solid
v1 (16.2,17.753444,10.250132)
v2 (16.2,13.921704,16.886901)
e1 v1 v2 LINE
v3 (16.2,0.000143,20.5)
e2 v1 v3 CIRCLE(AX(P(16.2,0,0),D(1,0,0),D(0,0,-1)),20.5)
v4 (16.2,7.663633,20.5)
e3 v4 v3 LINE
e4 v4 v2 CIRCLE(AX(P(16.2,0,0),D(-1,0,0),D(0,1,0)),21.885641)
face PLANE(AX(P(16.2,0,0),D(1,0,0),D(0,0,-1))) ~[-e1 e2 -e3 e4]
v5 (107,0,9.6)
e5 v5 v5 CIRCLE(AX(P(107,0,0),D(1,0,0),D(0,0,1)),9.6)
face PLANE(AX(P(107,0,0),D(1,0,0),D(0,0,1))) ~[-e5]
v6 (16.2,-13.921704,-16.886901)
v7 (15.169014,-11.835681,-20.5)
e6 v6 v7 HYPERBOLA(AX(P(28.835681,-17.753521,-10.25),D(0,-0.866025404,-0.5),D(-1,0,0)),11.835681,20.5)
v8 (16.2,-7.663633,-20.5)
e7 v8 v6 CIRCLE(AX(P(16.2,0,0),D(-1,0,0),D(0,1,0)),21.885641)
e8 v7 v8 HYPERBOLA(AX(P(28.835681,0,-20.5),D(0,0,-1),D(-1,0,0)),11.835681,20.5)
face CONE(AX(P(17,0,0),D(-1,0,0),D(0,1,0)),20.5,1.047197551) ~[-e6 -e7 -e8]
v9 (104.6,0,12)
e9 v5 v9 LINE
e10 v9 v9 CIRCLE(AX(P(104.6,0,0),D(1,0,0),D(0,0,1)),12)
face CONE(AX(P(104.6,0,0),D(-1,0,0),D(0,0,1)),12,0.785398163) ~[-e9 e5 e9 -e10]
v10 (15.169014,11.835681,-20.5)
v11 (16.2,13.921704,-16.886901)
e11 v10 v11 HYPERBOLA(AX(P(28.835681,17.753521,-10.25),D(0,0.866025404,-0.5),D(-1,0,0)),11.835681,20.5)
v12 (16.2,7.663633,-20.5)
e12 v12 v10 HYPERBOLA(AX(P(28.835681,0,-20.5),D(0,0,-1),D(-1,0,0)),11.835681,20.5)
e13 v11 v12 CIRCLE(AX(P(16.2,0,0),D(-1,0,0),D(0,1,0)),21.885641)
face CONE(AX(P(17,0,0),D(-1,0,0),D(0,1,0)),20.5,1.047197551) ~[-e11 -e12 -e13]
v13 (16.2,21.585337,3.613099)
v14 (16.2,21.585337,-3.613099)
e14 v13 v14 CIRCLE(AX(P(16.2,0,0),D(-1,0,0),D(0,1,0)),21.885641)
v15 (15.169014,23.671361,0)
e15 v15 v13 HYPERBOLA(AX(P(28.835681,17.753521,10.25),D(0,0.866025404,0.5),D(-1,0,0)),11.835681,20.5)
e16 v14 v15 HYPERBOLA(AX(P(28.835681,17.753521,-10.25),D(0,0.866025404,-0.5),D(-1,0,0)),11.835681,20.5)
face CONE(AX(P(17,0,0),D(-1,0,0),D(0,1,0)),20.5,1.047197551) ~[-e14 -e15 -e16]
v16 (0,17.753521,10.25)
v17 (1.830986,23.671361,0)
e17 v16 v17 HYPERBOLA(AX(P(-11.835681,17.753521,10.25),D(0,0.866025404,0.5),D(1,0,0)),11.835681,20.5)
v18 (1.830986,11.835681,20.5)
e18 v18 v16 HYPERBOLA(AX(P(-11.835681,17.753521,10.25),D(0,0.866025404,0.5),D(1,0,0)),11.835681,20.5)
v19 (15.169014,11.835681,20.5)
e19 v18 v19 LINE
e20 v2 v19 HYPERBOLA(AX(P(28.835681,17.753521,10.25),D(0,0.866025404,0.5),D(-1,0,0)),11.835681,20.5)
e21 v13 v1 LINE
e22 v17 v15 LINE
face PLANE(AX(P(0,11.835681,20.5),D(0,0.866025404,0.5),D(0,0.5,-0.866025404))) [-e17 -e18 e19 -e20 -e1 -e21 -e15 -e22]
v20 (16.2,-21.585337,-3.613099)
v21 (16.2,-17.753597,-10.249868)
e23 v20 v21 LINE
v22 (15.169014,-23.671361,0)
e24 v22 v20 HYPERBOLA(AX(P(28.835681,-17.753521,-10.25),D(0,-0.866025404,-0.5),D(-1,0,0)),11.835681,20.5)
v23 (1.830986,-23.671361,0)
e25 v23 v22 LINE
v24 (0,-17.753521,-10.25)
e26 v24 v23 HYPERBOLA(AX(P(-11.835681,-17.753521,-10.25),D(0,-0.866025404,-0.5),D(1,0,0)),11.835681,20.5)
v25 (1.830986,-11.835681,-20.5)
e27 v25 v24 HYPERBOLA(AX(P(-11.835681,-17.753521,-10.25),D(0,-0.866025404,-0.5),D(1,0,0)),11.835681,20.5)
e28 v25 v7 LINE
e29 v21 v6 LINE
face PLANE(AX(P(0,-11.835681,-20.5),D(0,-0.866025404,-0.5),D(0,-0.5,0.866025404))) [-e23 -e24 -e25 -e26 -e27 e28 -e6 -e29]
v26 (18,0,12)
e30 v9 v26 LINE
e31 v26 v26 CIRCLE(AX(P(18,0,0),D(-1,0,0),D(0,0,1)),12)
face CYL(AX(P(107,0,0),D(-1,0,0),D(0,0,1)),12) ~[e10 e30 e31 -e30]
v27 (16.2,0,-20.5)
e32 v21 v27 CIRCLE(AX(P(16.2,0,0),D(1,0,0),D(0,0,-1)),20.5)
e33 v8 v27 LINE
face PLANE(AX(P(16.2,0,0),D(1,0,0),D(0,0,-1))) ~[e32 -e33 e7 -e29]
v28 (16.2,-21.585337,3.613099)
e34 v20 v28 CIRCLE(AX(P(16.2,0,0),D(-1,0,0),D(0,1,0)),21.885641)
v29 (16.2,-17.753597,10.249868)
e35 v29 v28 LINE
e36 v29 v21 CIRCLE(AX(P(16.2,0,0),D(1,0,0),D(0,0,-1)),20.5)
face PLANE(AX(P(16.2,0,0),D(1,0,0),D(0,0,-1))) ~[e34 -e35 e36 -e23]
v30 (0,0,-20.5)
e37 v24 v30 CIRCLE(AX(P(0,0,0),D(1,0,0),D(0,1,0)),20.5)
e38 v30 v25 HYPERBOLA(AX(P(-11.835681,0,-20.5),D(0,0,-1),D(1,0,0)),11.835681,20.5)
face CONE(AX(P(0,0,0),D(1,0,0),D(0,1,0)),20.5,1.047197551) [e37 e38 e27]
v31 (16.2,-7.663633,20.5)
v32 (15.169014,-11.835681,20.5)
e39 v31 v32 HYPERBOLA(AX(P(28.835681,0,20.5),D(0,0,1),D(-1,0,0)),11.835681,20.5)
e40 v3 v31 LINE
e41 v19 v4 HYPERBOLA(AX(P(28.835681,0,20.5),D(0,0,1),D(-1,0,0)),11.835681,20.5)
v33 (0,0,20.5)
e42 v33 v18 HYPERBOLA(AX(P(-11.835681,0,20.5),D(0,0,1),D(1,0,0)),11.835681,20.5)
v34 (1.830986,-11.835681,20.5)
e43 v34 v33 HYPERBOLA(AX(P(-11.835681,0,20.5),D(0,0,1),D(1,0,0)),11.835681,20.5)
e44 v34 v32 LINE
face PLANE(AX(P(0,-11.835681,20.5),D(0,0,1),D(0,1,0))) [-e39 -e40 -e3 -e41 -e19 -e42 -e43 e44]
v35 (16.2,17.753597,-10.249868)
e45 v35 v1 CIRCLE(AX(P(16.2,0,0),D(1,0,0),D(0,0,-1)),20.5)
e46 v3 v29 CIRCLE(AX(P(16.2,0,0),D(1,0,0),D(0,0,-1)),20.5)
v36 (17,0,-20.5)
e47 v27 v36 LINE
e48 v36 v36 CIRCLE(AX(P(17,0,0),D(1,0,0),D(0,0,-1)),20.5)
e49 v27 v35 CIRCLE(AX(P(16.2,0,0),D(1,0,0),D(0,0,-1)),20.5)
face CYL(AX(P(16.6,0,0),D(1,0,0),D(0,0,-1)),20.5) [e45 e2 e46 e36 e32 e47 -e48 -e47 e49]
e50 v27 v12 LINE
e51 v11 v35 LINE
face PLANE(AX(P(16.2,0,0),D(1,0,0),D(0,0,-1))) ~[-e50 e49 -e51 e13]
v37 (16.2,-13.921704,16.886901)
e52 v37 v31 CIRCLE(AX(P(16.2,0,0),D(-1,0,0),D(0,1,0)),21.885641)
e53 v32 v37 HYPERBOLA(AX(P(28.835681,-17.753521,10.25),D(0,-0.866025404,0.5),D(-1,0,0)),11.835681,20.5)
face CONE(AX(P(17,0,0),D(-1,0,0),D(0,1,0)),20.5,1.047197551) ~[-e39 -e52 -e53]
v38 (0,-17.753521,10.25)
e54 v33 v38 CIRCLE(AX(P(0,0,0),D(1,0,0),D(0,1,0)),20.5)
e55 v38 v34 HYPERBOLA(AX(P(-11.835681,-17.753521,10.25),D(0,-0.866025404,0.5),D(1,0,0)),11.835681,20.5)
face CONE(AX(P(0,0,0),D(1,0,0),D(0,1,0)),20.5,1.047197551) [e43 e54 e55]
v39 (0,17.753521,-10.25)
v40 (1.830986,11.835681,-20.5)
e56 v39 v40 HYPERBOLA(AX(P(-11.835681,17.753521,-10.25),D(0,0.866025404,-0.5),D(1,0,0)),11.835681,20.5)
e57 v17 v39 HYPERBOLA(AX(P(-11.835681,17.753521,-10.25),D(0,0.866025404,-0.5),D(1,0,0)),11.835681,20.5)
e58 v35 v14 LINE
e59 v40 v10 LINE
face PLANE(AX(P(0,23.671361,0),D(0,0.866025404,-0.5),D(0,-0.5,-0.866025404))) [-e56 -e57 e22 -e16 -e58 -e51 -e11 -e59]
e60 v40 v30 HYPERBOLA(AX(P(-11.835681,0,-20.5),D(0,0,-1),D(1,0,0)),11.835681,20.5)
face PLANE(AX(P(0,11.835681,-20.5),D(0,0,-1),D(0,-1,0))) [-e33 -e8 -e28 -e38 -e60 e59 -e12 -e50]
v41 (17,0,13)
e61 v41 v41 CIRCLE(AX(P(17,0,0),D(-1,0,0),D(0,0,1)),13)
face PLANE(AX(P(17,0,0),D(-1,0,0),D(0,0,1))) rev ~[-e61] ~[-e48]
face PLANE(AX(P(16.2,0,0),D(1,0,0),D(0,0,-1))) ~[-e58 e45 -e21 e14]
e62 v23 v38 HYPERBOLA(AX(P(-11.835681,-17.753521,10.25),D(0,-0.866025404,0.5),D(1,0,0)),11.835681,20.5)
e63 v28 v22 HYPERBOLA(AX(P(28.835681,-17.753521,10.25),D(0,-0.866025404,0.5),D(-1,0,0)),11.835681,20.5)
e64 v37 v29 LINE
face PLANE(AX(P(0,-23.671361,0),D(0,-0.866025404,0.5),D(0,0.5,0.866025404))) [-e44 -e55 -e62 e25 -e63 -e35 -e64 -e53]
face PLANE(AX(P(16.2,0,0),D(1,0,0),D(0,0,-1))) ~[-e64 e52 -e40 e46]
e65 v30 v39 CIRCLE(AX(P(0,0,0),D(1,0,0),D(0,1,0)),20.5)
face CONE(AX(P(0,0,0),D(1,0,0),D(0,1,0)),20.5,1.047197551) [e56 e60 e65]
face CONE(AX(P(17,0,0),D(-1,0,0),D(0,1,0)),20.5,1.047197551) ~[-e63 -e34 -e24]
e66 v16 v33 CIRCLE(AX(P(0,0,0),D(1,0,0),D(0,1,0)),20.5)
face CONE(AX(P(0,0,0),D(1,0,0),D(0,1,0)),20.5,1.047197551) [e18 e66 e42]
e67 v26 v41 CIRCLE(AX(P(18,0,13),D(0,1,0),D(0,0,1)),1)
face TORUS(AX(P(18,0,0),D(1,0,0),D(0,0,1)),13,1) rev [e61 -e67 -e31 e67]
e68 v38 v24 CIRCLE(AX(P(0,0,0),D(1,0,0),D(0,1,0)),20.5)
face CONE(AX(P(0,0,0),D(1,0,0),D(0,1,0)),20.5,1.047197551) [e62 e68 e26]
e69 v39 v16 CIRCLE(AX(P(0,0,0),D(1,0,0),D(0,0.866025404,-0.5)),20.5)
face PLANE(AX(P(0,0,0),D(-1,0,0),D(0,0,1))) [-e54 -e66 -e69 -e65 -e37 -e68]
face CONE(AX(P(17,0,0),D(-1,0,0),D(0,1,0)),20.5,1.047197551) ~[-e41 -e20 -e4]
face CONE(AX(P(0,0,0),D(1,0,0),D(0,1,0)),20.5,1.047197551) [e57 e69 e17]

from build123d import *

# Parameters (mm, degrees)
EXTRUDE_360_DEPTH = 17
SKETCH_4_W        = 0.8
SKETCH_4_H        = 13.171361037
CHAMFER_1926_SIZE = 2.4
FILLET_1982_R     = 1


with BuildPart() as part:
    # 草图1 → Extrude 360 (new body)
    with BuildSketch(Plane(origin=(0, 0, 0), x_dir=(0, 0, -1), z_dir=(1, 0, 0))):
        Polygon((20.5, 11.835680518), (20.5, -11.835680518), (0, -23.671361037), (-20.5, -11.835680518), (-20.5, 11.835680518), (0, 23.671361037), align=None)
    extrude(amount=EXTRUDE_360_DEPTH)

    # 草图2 → 凸台-旋转1 (revolve)
    with BuildSketch(Plane.XY, mode=Mode.PRIVATE) as revolve_1_sk:
        Polygon((0, 0), (107, 0), (107, 9.402), (107, 12), (0, 12), align=None)
    revolve(revolve_1_sk.sketch.rotate(Axis((0, 0, 0), (1, 0, 0)), 90), axis=Axis((0, 0, 0), (1, 0, 0)))

    # 草图3 → 切除-旋转1 (revolve, cut)
    with BuildSketch(Plane.XY):
        Polygon((0, 20.5), (4.717737494, 28.671361037), (4.717737494, 33.671361037), (-10, 33.671361037), (-10, 20.5), align=None)
    revolve(axis=Axis((0, 0, 0), (1, 0, 0)), mode=Mode.SUBTRACT)

    # 草图5 → 切除-旋转2 (revolve, cut)
    with BuildSketch(Plane.XY):
        Polygon((17, 20.5), (12.282262506, 28.671361037), (12.282262506, 33.671361037), (22.282262506, 33.671361037), (22.282262506, 20.5), align=None)
    revolve(axis=Axis((0, 0, 0), (1, 0, 0)), mode=Mode.SUBTRACT)

    # 草图4 → 切除-旋转3 (revolve, cut)
    with BuildSketch(Plane.XY, mode=Mode.PRIVATE) as cut_revolve_3_sk:
        with Locations((16.6, 27.085680519)):
            Rectangle(SKETCH_4_W, SKETCH_4_H)
    revolve(cut_revolve_3_sk.sketch.rotate(Axis((0, 0, 0), (1, 0, 0)), 270), axis=Axis((0, 0, 0), (1, 0, 0)), mode=Mode.SUBTRACT)

    # Chamfer 1926
    chamfer_1926_edges = [part.edges().sort_by_distance(p)[0] for p in [
        (107, 0, -12),
    ]]
    chamfer(chamfer_1926_edges, length=CHAMFER_1926_SIZE)

    # Fillet 1982
    fillet_1982_edges = [part.edges().sort_by_distance(p)[0] for p in [
        (17, 0, -12),
    ]]
    fillet(fillet_1982_edges, radius=FILLET_1982_R)


solid = part.part
